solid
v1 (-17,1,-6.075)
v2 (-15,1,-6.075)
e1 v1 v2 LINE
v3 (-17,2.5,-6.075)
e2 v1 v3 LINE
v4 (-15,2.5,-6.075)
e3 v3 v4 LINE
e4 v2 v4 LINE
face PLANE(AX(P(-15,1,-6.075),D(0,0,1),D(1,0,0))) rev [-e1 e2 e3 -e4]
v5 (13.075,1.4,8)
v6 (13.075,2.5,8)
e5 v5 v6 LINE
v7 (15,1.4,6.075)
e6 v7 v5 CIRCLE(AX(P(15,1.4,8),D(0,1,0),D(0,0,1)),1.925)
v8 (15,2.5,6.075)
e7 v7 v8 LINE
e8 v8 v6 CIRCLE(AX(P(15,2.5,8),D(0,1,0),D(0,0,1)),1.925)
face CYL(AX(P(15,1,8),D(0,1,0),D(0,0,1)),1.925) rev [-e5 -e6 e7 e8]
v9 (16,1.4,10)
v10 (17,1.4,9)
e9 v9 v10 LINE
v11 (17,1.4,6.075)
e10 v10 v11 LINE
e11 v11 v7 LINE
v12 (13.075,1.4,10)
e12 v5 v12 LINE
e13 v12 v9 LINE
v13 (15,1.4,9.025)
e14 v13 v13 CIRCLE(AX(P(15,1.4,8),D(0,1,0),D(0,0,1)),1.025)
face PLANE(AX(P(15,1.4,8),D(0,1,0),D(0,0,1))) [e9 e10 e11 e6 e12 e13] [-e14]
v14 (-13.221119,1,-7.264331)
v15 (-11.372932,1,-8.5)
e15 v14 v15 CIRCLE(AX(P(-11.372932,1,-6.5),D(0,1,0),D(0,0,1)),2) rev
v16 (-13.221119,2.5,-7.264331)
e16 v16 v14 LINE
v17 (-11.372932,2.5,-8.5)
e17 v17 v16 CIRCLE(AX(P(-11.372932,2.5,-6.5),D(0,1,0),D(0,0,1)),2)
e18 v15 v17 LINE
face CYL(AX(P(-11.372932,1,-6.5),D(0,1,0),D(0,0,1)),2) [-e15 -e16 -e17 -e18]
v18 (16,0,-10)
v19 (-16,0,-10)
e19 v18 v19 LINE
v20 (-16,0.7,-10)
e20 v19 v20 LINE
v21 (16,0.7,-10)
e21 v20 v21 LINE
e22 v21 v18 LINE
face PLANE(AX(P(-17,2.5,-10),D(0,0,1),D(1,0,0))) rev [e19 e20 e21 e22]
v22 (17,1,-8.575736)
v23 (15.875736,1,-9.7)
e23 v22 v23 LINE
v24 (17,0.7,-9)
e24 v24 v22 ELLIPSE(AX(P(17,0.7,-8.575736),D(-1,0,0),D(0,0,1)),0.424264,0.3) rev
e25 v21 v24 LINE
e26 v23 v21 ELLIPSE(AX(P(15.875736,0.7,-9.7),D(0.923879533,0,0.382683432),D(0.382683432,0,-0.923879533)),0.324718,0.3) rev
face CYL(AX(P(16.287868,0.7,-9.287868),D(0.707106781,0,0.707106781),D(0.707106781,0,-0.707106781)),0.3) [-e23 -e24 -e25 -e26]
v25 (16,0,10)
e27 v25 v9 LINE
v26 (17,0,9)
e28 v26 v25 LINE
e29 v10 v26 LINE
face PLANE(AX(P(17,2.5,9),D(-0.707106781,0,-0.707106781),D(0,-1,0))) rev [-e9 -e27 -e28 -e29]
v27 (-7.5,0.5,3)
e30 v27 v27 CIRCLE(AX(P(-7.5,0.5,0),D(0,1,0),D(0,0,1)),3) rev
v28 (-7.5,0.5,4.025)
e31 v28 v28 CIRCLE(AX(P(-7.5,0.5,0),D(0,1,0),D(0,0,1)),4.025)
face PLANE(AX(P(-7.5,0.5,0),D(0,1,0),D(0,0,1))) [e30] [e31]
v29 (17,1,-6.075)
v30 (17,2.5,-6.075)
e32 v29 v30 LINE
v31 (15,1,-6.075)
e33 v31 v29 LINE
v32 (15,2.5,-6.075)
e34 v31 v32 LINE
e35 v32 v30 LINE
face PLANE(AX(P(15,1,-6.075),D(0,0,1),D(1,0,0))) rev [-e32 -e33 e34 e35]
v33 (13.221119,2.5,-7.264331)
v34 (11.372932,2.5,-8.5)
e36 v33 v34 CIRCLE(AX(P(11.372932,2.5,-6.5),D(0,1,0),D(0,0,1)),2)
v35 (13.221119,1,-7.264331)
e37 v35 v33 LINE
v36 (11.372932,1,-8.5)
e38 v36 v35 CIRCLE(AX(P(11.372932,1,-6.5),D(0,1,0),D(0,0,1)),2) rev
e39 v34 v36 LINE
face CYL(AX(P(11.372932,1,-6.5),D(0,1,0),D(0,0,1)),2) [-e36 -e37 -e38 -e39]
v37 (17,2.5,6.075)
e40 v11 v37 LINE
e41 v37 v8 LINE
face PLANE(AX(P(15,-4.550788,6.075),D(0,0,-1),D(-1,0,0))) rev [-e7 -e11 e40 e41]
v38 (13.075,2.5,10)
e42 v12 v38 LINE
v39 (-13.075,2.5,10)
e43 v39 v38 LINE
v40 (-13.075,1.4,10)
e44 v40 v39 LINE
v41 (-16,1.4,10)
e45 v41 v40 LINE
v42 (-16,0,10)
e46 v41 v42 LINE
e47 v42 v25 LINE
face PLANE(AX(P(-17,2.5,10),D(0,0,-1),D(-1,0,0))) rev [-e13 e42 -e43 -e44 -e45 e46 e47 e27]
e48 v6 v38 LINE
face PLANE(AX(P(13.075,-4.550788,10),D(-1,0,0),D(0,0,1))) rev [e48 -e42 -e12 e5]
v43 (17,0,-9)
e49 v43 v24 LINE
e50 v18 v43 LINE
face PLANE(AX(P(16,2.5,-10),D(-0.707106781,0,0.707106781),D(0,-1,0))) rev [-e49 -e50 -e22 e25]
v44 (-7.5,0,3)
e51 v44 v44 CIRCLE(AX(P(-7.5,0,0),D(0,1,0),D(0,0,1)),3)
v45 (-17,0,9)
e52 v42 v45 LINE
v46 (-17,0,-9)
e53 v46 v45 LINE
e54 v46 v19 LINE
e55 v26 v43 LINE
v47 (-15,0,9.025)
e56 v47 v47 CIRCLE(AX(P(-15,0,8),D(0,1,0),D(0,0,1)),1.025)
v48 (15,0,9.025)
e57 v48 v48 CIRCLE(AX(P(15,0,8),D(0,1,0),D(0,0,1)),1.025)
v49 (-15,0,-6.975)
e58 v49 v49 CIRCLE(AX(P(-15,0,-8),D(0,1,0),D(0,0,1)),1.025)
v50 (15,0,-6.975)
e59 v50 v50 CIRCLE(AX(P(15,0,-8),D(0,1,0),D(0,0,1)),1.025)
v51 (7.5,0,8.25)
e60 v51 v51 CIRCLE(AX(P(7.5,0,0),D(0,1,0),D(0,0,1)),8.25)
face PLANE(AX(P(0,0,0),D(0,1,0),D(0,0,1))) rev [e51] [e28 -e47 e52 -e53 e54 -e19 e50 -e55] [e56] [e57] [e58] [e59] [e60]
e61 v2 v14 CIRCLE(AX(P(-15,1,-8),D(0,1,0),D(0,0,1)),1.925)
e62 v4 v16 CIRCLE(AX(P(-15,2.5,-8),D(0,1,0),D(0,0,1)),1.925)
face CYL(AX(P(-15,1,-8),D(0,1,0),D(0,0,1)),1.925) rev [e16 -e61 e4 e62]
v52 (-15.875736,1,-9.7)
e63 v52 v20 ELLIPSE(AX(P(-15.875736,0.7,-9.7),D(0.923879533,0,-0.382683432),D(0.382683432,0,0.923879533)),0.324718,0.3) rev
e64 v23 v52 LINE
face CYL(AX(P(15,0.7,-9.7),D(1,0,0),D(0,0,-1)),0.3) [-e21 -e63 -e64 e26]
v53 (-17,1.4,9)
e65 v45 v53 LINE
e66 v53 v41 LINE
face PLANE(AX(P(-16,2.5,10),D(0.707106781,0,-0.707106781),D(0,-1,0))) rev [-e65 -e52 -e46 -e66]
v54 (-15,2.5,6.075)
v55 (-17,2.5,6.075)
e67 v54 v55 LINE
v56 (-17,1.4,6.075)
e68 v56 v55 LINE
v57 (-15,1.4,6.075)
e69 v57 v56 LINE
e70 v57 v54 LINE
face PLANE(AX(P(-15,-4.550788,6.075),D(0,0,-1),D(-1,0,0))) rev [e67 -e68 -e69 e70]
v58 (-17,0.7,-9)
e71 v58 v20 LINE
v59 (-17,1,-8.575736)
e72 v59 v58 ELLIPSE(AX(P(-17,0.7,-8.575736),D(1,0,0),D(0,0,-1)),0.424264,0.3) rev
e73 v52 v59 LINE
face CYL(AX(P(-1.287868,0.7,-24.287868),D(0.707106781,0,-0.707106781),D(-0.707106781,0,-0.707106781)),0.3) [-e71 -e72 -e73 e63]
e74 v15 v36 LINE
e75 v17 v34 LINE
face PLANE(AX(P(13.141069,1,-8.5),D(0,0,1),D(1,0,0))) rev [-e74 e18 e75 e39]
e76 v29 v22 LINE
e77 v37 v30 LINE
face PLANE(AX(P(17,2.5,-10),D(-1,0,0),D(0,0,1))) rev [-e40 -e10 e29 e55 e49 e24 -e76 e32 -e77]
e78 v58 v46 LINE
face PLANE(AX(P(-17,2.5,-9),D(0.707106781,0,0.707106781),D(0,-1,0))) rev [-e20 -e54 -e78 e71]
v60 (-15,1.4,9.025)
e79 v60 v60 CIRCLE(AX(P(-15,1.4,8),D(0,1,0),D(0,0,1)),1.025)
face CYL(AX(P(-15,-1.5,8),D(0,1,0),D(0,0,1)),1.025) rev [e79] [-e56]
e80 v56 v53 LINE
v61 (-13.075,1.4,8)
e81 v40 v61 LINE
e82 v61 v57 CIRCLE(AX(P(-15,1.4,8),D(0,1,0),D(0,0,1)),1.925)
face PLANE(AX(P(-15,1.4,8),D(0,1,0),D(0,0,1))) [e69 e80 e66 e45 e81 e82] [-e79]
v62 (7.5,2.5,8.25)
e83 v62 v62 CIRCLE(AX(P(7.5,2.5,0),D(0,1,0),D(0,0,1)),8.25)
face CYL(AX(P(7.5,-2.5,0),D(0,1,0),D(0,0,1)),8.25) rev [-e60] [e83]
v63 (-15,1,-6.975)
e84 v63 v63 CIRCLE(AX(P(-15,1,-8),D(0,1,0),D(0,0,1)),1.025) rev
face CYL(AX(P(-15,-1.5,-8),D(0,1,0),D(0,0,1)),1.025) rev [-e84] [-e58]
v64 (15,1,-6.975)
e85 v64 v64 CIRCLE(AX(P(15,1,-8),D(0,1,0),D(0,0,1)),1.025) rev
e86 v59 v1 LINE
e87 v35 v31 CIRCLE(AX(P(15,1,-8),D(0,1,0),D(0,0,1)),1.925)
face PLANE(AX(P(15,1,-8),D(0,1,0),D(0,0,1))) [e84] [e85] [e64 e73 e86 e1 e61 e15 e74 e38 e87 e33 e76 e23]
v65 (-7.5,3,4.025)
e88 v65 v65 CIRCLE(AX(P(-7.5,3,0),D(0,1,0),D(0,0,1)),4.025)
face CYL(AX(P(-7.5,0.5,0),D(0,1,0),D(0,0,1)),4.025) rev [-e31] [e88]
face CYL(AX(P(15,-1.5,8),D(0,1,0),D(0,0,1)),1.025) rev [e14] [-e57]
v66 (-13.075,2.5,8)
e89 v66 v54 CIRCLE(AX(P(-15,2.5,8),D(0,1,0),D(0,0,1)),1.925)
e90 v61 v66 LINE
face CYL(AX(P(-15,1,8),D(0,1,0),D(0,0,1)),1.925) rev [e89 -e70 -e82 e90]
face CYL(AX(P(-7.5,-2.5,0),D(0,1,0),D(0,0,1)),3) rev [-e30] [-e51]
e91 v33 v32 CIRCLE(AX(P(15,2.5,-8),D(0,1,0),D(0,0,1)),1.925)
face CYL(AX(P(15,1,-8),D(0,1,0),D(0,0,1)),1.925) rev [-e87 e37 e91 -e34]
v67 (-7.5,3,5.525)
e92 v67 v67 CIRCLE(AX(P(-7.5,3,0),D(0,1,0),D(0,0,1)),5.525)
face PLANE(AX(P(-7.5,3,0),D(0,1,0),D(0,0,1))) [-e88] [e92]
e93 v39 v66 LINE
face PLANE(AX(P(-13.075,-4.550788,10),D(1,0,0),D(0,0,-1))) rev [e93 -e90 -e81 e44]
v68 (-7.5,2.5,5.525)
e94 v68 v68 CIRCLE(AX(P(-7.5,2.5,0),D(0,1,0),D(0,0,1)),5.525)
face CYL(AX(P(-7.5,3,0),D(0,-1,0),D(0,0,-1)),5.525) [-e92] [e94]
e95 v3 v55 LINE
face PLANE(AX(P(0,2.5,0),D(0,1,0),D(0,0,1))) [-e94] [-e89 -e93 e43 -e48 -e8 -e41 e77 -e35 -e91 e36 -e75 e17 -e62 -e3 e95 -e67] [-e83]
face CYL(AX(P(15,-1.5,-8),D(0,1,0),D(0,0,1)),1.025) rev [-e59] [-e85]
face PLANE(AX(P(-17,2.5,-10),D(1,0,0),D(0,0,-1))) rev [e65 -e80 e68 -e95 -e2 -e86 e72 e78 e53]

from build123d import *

# Parameters (mm, degrees)
SKETCH1_W           = 34
SKETCH1_H           = 20
BOSS_EXTRUDE1_DEPTH = 2.5
SKETCH2_R           = 3
SKETCH2_R_2         = 8.25
CUT_EXTRUDE1_DEPTH  = 5
SKETCH5_R           = 4.025
CUT_EXTRUDE4_DEPTH  = 2
SKETCH3_R           = 1.025
CUT_EXTRUDE2_DEPTH  = 4
SKETCH4_R           = 1.925
CUT_EXTRUDE3_DEPTH  = 1.5
CUT_EXTRUDE5_DEPTH  = 1.5
FILLET1_R           = 2
CHAMFER1_SIZE       = 1
FILLET2_R           = 0.3
SKETCH7_R           = 5.525
SKETCH7_R_2         = 4.025
BOSS_EXTRUDE2_DEPTH = 0.5
CUT_EXTRUDE6_DEPTH  = 1.5
SKETCH9_R           = 1.025
BOSS_EXTRUDE3_DEPTH = 0.4


with BuildPart() as part:
    # Sketch1 → Boss-Extrude1 (new body)
    with BuildSketch(Plane(origin=(0, 0, 0), x_dir=(1, 0, 0), z_dir=(0, 1, 0))):
        Rectangle(SKETCH1_W, SKETCH1_H)
    extrude(amount=BOSS_EXTRUDE1_DEPTH)

    # Sketch2 → Cut-Extrude1 (cut)
    with BuildSketch(Plane(origin=(0, 2.5, 0), x_dir=(1, 0, 0), z_dir=(0, 1, 0))):
        with Locations((-7.5, 0)):
            Circle(SKETCH2_R)
        with Locations((7.5, 0)):
            Circle(SKETCH2_R_2)
    extrude(amount=-CUT_EXTRUDE1_DEPTH, mode=Mode.SUBTRACT)

    # Sketch5 → Cut-Extrude4 (cut)
    with BuildSketch(Plane(origin=(0, 2.5, 0), x_dir=(1, 0, 0), z_dir=(0, 1, 0))):
        with Locations((-7.5, 0)):
            Circle(SKETCH5_R)
    extrude(amount=-CUT_EXTRUDE4_DEPTH, mode=Mode.SUBTRACT)

    # Sketch3 → Cut-Extrude2 (cut)
    with BuildSketch(Plane(origin=(0, 2.5, 0), x_dir=(1, 0, 0), z_dir=(0, 1, 0))):
        with Locations((15, 8)):
            Circle(SKETCH3_R)
        with Locations((-15, 8)):
            Circle(SKETCH3_R)
        with Locations((-15, -8)):
            Circle(SKETCH3_R)
        with Locations((15, -8)):
            Circle(SKETCH3_R)
    extrude(amount=-CUT_EXTRUDE2_DEPTH, mode=Mode.SUBTRACT)

    # Sketch4 → Cut-Extrude3 (cut)
    with BuildSketch(Plane(origin=(0, 2.5, 0), x_dir=(1, 0, 0), z_dir=(0, 1, 0))):
        with Locations((-15, 8)):
            Circle(SKETCH4_R)
        with Locations((-15, -8)):
            Circle(SKETCH4_R)
        with Locations((15, 8)):
            Circle(SKETCH4_R)
        with Locations((15, -8)):
            Circle(SKETCH4_R)
    extrude(amount=-CUT_EXTRUDE3_DEPTH, mode=Mode.SUBTRACT)

    # Sketch6 → Cut-Extrude5 (cut)
    with BuildSketch(Plane(origin=(0, 2.5, 0), x_dir=(1, 0, 0), z_dir=(0, 1, 0))):
        with BuildLine():
            Line((17, 10), (-17, 10))
            Line((-17, 10), (-17, 6.075))
            Line((-17, 6.075), (-15, 6.075))
            ThreePointArc((-15, 6.075), (-13.472236111, 6.828862732), (-13.141068855, 8.5))
            Line((-13.141068855, 8.5), (13.141068855, 8.5))
            ThreePointArc((13.141068855, 8.5), (13.472236111, 6.828862732), (15, 6.075))
            Line((15, 6.075), (17, 6.075))
            Line((17, 6.075), (17, 10))
        make_face()
    extrude(amount=-CUT_EXTRUDE5_DEPTH, mode=Mode.SUBTRACT)

    # Fillet1
    fillet1_edges = [part.edges().sort_by_distance(p)[0] for p in [
        (13.141068855, 1.75, -8.5),
        (-13.141068855, 1.75, -8.5),
    ]]
    fillet(fillet1_edges, radius=FILLET1_R)

    # Chamfer1
    chamfer1_edges = [part.edges().sort_by_distance(p)[0] for p in [
        (17, 1.25, 10),
        (-17, 1.25, 10),
        (-17, 0.5, -10),
        (17, 0.5, -10),
    ]]
    chamfer(chamfer1_edges, length=CHAMFER1_SIZE)

    # Fillet2
    fillet2_edges = [part.edges().sort_by_distance(p)[0] for p in [
        (0, 1, -10),
        (16.5, 1, -9.5),
        (-16.5, 1, -9.5),
    ]]
    fillet(fillet2_edges, radius=FILLET2_R)

    # Sketch7 → Boss-Extrude2 (add)
    with BuildSketch(Plane(origin=(0, 2.5, 0), x_dir=(1, 0, 0), z_dir=(0, 1, 0))):
        with Locations((-7.5, 0)):
            Circle(SKETCH7_R)
        with Locations((-7.5, 0)):
            Circle(SKETCH7_R_2, mode=Mode.SUBTRACT)
    extrude(amount=BOSS_EXTRUDE2_DEPTH)

    # Sketch8 → Cut-Extrude6 (cut)
    with BuildSketch(Plane(origin=(0, 2.5, 0), x_dir=(1, 0, 0), z_dir=(0, 1, 0))):
        with BuildLine():
            Line((-15, -6.075), (-17, -6.075))
            Line((-17, -6.075), (-17, -9))
            Line((-17, -9), (-16, -10))
            Line((-16, -10), (-13.075, -10))
            Line((-13.075, -10), (-13.075, -8))
            ThreePointArc((-13.075, -8), (-16.361180554, -9.361180554), (-15, -6.075))
        make_face()
        with BuildLine():
            Line((13.075, -10), (13.075, -8))
            ThreePointArc((13.075, -8), (16.361180554, -9.361180554), (15, -6.075))
            Line((15, -6.075), (17, -6.075))
            Line((17, -6.075), (17, -9))
            Line((17, -9), (16, -10))
            Line((16, -10), (13.075, -10))
        make_face()
    extrude(amount=-CUT_EXTRUDE6_DEPTH, mode=Mode.SUBTRACT)

    # Sketch9 → Boss-Extrude3 (add)
    with BuildSketch(Plane(origin=(0, 1, 0), x_dir=(1, 0, 0), z_dir=(0, 1, 0))):
        with BuildLine():
            Line((13.075, -8), (13.075, -10))
            Line((13.075, -10), (16, -10))
            Line((16, -10), (17, -9))
            Line((17, -9), (17, -6.075))
            Line((17, -6.075), (15, -6.075))
            ThreePointArc((15, -6.075), (13.638819446, -6.638819446), (13.075, -8))
        make_face()
        with Locations((15, -8)):
            Circle(SKETCH9_R, mode=Mode.SUBTRACT)
        with BuildLine():
            Line((-15, -6.075), (-17, -6.075))
            Line((-17, -6.075), (-17, -9))
            Line((-17, -9), (-16, -10))
            Line((-16, -10), (-13.075, -10))
            Line((-13.075, -10), (-13.075, -8))
            ThreePointArc((-13.075, -8), (-13.638819446, -6.638819446), (-15, -6.075))
        make_face()
        with Locations((-15, -8)):
            Circle(SKETCH9_R, mode=Mode.SUBTRACT)
    extrude(amount=BOSS_EXTRUDE3_DEPTH)


solid = part.part
